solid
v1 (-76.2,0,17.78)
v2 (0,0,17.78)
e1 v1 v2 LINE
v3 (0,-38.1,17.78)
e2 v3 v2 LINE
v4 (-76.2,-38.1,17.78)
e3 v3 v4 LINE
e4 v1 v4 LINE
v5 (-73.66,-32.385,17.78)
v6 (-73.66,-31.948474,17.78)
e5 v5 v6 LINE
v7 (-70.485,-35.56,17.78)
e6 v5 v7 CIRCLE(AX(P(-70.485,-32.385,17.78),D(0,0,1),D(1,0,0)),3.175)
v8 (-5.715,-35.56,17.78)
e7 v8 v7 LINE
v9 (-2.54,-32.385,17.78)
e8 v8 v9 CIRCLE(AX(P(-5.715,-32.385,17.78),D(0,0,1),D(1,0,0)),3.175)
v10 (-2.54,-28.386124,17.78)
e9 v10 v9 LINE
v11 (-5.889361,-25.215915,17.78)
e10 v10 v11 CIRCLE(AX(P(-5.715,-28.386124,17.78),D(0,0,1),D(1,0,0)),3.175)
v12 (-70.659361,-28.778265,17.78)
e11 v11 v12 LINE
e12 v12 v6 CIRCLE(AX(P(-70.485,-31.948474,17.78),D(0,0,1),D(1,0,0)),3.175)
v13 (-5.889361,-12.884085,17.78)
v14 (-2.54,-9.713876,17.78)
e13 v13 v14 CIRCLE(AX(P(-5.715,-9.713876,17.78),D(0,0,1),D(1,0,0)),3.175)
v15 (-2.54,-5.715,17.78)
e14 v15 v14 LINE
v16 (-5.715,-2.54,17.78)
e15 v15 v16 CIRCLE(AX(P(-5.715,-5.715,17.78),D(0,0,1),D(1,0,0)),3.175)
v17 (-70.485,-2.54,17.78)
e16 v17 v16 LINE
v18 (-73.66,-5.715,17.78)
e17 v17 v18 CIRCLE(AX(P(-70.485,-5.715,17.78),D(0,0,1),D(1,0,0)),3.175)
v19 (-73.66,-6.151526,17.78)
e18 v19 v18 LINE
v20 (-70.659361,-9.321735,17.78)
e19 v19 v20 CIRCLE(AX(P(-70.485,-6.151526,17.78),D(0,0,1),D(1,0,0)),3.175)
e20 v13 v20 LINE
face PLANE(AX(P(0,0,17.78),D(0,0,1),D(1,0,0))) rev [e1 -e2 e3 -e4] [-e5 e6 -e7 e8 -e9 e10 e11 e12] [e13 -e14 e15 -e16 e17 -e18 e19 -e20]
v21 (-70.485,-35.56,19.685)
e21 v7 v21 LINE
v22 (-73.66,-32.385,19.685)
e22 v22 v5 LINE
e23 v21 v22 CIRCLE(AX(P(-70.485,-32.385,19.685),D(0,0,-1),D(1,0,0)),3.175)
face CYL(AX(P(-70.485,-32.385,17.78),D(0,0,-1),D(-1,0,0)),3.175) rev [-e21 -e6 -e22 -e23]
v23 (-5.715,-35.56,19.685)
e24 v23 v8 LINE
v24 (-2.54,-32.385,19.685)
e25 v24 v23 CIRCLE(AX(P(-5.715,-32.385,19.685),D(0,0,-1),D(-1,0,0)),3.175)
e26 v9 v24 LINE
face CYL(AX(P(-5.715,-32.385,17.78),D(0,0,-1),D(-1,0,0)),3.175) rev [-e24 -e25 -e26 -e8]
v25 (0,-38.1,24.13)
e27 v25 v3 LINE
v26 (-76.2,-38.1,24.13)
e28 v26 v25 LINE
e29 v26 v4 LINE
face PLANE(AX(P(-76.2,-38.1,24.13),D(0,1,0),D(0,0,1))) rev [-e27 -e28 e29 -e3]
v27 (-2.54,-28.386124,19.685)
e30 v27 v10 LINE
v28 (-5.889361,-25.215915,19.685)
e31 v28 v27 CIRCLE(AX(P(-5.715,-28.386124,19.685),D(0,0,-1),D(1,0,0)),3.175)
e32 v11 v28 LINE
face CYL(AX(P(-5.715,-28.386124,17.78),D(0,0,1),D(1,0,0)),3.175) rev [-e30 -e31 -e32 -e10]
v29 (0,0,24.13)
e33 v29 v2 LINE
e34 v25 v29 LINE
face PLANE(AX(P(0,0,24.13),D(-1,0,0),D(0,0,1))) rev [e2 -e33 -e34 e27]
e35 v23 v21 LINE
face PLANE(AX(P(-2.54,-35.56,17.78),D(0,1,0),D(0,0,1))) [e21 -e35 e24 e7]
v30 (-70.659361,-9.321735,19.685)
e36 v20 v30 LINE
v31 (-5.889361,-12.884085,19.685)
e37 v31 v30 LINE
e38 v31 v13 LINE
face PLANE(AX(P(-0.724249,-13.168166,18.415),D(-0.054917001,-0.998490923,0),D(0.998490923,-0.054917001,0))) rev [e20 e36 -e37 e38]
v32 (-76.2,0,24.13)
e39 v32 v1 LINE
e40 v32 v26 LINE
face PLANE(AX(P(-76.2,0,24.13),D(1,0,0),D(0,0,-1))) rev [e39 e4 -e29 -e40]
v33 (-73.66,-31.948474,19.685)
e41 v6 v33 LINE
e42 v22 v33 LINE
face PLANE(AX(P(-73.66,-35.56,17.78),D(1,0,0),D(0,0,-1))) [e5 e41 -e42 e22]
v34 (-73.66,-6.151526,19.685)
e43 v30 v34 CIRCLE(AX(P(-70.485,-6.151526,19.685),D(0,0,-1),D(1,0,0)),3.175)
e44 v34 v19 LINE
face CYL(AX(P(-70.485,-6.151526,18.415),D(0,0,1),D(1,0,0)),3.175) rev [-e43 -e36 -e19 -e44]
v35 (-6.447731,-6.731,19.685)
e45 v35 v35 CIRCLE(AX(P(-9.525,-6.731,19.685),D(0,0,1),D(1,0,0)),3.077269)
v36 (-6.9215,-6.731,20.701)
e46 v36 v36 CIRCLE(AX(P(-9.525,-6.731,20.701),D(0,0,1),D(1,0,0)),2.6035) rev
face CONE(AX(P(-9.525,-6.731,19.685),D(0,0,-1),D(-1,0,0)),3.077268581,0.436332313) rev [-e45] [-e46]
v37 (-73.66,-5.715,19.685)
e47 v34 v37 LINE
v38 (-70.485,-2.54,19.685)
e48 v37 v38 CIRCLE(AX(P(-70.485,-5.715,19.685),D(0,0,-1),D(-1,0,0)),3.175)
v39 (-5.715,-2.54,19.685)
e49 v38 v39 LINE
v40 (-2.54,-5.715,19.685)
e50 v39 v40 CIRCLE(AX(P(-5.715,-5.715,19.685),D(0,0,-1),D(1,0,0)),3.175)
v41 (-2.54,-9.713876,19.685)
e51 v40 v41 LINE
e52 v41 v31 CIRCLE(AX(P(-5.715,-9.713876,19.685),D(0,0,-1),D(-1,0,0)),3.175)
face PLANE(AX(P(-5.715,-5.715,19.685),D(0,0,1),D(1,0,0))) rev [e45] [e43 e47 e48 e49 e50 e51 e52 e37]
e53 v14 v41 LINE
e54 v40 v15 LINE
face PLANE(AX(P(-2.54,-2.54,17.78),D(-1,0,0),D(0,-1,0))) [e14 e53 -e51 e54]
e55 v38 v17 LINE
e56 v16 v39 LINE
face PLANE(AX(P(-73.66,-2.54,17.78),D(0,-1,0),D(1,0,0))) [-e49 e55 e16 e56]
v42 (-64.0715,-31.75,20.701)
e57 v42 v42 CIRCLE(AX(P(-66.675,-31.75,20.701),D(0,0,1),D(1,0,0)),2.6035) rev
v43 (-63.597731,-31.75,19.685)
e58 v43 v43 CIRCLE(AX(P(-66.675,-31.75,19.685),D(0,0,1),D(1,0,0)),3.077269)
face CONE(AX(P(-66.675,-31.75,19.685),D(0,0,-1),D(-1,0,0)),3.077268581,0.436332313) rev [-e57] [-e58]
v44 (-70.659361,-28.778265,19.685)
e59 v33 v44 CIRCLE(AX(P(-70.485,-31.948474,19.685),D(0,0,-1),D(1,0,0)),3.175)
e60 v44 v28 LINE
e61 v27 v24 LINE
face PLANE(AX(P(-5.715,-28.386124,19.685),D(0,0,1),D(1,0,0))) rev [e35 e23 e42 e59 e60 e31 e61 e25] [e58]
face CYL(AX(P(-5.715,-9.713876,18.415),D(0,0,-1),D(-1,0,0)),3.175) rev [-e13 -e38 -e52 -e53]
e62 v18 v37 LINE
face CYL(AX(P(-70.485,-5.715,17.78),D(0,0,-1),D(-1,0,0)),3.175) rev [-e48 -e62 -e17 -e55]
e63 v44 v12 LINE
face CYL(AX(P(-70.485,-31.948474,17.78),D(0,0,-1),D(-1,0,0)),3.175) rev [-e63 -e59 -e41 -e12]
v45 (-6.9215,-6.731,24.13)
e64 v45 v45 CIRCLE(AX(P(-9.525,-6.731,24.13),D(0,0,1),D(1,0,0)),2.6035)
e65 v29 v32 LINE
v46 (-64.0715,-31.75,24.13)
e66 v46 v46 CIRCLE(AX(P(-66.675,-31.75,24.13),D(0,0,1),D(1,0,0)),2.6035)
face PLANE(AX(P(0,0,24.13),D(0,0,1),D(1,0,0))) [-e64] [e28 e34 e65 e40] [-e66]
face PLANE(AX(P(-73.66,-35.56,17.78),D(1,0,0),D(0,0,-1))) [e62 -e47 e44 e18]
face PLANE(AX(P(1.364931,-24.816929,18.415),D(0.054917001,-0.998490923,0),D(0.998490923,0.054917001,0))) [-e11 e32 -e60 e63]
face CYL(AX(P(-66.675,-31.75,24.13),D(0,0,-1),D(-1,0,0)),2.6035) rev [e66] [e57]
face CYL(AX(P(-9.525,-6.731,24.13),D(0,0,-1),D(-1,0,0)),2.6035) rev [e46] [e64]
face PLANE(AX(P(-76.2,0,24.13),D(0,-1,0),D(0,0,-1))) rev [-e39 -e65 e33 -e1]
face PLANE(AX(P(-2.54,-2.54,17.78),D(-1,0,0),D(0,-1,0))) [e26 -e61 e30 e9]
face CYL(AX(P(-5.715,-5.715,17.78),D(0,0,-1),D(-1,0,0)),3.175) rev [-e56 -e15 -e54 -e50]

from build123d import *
from OCP.BRepFilletAPI import BRepFilletAPI_MakeChamfer

# Parameters (mm, degrees)
SKETCH1_W            = 76.2
SKETCH1_H            = 38.1
SKETCH1_R            = 2.6035
BOSS_EXTRUDE1_DEPTH  = 6.35
SKETCH4_R            = 2.6035
CUT_EXTRUDE1_DEPTH   = 0.635
SKETCH14_W           = 76.2
SKETCH14_H           = 38.1
SKETCH14_W_2         = 71.12
SKETCH14_H_2         = 33.02
BOSS_EXTRUDE10_DEPTH = 0.635
FILLET6_R            = 3.175
CUT_EXTRUDE4_DEPTH   = 1.27
CUT_EXTRUDE5_DEPTH   = 1.27
CHAMFER1_SIZE        = 1.016
CHAMFER1_SIZE2       = 0.473768581


with BuildPart() as part:
    # Sketch1 → Boss-Extrude1 (new body)
    with BuildSketch(Plane.XY.offset(17.78)):
        with Locations((-38.1, -19.05)):
            Rectangle(SKETCH1_W, SKETCH1_H)
        with Locations((-9.525, -6.731)):
            Circle(SKETCH1_R, mode=Mode.SUBTRACT)
        with Locations((-66.675, -31.75)):
            Circle(SKETCH1_R, mode=Mode.SUBTRACT)
    extrude(amount=BOSS_EXTRUDE1_DEPTH)

    # Sketch4 → Cut-Extrude1 (cut)
    # profile 1 of 2: a face of its own
    with BuildSketch(Plane(origin=(0, 0, 17.78), x_dir=(-1, 0, 0), z_dir=(0, 0, -1))):
        Polygon((0, 0), (0, -13.208), (76.2, -9.017), (76.2, 0), align=None)
        with Locations((9.525, -6.731)):
            Circle(SKETCH4_R, mode=Mode.SUBTRACT)
    # profile 2 of 2: a face of its own
    with BuildSketch(Plane(origin=(0, 0, 17.78), x_dir=(-1, 0, 0), z_dir=(0, 0, -1))):
        Polygon((76.2, -29.083), (0, -24.892), (0, -38.1), (76.2, -38.1), align=None)
        with Locations((66.675, -31.75)):
            Circle(SKETCH4_R, mode=Mode.SUBTRACT)
    extrude(amount=-CUT_EXTRUDE1_DEPTH, mode=Mode.SUBTRACT)

    # Sketch14 → Boss-Extrude10 (add, symmetric)
    with BuildSketch(Plane(origin=(0, 0, 18.415), x_dir=(-1, 0, 0), z_dir=(0, 0, -1))):
        with Locations((38.1, -19.05)):
            Rectangle(SKETCH14_W, SKETCH14_H)
        with Locations((38.1, -19.05)):
            Rectangle(SKETCH14_W_2, SKETCH14_H_2, mode=Mode.SUBTRACT)
    extrude(amount=BOSS_EXTRUDE10_DEPTH, both=True)

    # Fillet6
    fillet6_edges = [part.edges().sort_by_distance(p)[0] for p in [
        (-2.54, -13.0683, 18.0975),
        (-73.66, -9.1567, 18.0975),
        (-73.66, -2.54, 18.0975),
        (-2.54, -2.54, 18.0975),
        (-2.54, -25.0317, 18.0975),
        (-2.54, -35.56, 18.0975),
        (-73.66, -35.56, 18.0975),
        (-73.66, -28.9433, 18.0975),
    ]]
    fillet(fillet6_edges, radius=FILLET6_R)

    # Sketch17 → Cut-Extrude4 (cut)
    with BuildSketch(Plane(origin=(0, 0, 18.415), x_dir=(-1, 0, 0), z_dir=(0, 0, -1))):
        with BuildLine():
            Line((5.715, -2.54), (70.485, -2.54))
            ThreePointArc((70.485, -2.54), (72.73006403, -3.46993597), (73.66, -5.715))
            Line((73.66, -5.715), (73.66, -6.151526439))
            ThreePointArc((73.66, -6.151526439), (72.790886239, -8.334073954), (70.659361477, -9.321735119))
            Line((70.659361477, -9.321735119), (5.889361477, -12.884085119))
            ThreePointArc((5.889361477, -12.884085119), (3.532452485, -12.019762677), (2.54, -9.713876439))
            Line((2.54, -9.713876439), (2.54, -5.715))
            ThreePointArc((2.54, -5.715), (3.46993597, -3.46993597), (5.715, -2.54))
        make_face()
    extrude(amount=-CUT_EXTRUDE4_DEPTH, mode=Mode.SUBTRACT)

    # Sketch20 → Cut-Extrude5 (cut)
    with BuildSketch(Plane(origin=(0, 0, 18.415), x_dir=(-1, 0, 0), z_dir=(0, 0, -1))):
        with BuildLine():
            Line((5.889361477, -25.215914881), (70.659361477, -28.778264881))
            ThreePointArc((70.659361477, -28.778264881), (72.790886239, -29.765926046), (73.66, -31.948473561))
            Line((73.66, -31.948473561), (73.66, -32.385))
            ThreePointArc((73.66, -32.385), (72.73006403, -34.63006403), (70.485, -35.56))
            Line((70.485, -35.56), (5.715, -35.56))
            ThreePointArc((5.715, -35.56), (3.46993597, -34.63006403), (2.54, -32.385))
            Line((2.54, -32.385), (2.54, -28.386123561))
            ThreePointArc((2.54, -28.386123561), (3.532452485, -26.080237323), (5.889361477, -25.215914881))
        make_face()
    extrude(amount=-CUT_EXTRUDE5_DEPTH, mode=Mode.SUBTRACT)

    # Chamfer1: one chamfer whose edges measure the first distance from different faces: ONE call of the kernel's chamfer builder (chamfer() names one face for all edges)
    chamfer1_edges_1 = [part.edges().sort_by_distance(p)[0] for p in [
        (-12.1285, -6.731, 19.685),
    ]]
    chamfer1_side_1 = [part.faces().sort_by_distance(p)[0] for p in [
        (-12.1285, -6.731, 21.9075),
    ]]
    chamfer1_edges_2 = [part.edges().sort_by_distance(p)[0] for p in [
        (-69.2785, -31.75, 19.685),
    ]]
    chamfer1_side_2 = [part.faces().sort_by_distance(p)[0] for p in [
        (-69.2785, -31.75, 21.9075),
    ]]
    chamfer1 = BRepFilletAPI_MakeChamfer(part.part.solid().wrapped)
    for e in chamfer1_edges_1:
        chamfer1.Add(CHAMFER1_SIZE, CHAMFER1_SIZE2, e.wrapped, chamfer1_side_1[0].wrapped)  # the first distance lies on this face
    for e in chamfer1_edges_2:
        chamfer1.Add(CHAMFER1_SIZE, CHAMFER1_SIZE2, e.wrapped, chamfer1_side_2[0].wrapped)  # the first distance lies on this face
    add(Compound.cast(chamfer1.Shape()), mode=Mode.REPLACE)


solid = part.part
